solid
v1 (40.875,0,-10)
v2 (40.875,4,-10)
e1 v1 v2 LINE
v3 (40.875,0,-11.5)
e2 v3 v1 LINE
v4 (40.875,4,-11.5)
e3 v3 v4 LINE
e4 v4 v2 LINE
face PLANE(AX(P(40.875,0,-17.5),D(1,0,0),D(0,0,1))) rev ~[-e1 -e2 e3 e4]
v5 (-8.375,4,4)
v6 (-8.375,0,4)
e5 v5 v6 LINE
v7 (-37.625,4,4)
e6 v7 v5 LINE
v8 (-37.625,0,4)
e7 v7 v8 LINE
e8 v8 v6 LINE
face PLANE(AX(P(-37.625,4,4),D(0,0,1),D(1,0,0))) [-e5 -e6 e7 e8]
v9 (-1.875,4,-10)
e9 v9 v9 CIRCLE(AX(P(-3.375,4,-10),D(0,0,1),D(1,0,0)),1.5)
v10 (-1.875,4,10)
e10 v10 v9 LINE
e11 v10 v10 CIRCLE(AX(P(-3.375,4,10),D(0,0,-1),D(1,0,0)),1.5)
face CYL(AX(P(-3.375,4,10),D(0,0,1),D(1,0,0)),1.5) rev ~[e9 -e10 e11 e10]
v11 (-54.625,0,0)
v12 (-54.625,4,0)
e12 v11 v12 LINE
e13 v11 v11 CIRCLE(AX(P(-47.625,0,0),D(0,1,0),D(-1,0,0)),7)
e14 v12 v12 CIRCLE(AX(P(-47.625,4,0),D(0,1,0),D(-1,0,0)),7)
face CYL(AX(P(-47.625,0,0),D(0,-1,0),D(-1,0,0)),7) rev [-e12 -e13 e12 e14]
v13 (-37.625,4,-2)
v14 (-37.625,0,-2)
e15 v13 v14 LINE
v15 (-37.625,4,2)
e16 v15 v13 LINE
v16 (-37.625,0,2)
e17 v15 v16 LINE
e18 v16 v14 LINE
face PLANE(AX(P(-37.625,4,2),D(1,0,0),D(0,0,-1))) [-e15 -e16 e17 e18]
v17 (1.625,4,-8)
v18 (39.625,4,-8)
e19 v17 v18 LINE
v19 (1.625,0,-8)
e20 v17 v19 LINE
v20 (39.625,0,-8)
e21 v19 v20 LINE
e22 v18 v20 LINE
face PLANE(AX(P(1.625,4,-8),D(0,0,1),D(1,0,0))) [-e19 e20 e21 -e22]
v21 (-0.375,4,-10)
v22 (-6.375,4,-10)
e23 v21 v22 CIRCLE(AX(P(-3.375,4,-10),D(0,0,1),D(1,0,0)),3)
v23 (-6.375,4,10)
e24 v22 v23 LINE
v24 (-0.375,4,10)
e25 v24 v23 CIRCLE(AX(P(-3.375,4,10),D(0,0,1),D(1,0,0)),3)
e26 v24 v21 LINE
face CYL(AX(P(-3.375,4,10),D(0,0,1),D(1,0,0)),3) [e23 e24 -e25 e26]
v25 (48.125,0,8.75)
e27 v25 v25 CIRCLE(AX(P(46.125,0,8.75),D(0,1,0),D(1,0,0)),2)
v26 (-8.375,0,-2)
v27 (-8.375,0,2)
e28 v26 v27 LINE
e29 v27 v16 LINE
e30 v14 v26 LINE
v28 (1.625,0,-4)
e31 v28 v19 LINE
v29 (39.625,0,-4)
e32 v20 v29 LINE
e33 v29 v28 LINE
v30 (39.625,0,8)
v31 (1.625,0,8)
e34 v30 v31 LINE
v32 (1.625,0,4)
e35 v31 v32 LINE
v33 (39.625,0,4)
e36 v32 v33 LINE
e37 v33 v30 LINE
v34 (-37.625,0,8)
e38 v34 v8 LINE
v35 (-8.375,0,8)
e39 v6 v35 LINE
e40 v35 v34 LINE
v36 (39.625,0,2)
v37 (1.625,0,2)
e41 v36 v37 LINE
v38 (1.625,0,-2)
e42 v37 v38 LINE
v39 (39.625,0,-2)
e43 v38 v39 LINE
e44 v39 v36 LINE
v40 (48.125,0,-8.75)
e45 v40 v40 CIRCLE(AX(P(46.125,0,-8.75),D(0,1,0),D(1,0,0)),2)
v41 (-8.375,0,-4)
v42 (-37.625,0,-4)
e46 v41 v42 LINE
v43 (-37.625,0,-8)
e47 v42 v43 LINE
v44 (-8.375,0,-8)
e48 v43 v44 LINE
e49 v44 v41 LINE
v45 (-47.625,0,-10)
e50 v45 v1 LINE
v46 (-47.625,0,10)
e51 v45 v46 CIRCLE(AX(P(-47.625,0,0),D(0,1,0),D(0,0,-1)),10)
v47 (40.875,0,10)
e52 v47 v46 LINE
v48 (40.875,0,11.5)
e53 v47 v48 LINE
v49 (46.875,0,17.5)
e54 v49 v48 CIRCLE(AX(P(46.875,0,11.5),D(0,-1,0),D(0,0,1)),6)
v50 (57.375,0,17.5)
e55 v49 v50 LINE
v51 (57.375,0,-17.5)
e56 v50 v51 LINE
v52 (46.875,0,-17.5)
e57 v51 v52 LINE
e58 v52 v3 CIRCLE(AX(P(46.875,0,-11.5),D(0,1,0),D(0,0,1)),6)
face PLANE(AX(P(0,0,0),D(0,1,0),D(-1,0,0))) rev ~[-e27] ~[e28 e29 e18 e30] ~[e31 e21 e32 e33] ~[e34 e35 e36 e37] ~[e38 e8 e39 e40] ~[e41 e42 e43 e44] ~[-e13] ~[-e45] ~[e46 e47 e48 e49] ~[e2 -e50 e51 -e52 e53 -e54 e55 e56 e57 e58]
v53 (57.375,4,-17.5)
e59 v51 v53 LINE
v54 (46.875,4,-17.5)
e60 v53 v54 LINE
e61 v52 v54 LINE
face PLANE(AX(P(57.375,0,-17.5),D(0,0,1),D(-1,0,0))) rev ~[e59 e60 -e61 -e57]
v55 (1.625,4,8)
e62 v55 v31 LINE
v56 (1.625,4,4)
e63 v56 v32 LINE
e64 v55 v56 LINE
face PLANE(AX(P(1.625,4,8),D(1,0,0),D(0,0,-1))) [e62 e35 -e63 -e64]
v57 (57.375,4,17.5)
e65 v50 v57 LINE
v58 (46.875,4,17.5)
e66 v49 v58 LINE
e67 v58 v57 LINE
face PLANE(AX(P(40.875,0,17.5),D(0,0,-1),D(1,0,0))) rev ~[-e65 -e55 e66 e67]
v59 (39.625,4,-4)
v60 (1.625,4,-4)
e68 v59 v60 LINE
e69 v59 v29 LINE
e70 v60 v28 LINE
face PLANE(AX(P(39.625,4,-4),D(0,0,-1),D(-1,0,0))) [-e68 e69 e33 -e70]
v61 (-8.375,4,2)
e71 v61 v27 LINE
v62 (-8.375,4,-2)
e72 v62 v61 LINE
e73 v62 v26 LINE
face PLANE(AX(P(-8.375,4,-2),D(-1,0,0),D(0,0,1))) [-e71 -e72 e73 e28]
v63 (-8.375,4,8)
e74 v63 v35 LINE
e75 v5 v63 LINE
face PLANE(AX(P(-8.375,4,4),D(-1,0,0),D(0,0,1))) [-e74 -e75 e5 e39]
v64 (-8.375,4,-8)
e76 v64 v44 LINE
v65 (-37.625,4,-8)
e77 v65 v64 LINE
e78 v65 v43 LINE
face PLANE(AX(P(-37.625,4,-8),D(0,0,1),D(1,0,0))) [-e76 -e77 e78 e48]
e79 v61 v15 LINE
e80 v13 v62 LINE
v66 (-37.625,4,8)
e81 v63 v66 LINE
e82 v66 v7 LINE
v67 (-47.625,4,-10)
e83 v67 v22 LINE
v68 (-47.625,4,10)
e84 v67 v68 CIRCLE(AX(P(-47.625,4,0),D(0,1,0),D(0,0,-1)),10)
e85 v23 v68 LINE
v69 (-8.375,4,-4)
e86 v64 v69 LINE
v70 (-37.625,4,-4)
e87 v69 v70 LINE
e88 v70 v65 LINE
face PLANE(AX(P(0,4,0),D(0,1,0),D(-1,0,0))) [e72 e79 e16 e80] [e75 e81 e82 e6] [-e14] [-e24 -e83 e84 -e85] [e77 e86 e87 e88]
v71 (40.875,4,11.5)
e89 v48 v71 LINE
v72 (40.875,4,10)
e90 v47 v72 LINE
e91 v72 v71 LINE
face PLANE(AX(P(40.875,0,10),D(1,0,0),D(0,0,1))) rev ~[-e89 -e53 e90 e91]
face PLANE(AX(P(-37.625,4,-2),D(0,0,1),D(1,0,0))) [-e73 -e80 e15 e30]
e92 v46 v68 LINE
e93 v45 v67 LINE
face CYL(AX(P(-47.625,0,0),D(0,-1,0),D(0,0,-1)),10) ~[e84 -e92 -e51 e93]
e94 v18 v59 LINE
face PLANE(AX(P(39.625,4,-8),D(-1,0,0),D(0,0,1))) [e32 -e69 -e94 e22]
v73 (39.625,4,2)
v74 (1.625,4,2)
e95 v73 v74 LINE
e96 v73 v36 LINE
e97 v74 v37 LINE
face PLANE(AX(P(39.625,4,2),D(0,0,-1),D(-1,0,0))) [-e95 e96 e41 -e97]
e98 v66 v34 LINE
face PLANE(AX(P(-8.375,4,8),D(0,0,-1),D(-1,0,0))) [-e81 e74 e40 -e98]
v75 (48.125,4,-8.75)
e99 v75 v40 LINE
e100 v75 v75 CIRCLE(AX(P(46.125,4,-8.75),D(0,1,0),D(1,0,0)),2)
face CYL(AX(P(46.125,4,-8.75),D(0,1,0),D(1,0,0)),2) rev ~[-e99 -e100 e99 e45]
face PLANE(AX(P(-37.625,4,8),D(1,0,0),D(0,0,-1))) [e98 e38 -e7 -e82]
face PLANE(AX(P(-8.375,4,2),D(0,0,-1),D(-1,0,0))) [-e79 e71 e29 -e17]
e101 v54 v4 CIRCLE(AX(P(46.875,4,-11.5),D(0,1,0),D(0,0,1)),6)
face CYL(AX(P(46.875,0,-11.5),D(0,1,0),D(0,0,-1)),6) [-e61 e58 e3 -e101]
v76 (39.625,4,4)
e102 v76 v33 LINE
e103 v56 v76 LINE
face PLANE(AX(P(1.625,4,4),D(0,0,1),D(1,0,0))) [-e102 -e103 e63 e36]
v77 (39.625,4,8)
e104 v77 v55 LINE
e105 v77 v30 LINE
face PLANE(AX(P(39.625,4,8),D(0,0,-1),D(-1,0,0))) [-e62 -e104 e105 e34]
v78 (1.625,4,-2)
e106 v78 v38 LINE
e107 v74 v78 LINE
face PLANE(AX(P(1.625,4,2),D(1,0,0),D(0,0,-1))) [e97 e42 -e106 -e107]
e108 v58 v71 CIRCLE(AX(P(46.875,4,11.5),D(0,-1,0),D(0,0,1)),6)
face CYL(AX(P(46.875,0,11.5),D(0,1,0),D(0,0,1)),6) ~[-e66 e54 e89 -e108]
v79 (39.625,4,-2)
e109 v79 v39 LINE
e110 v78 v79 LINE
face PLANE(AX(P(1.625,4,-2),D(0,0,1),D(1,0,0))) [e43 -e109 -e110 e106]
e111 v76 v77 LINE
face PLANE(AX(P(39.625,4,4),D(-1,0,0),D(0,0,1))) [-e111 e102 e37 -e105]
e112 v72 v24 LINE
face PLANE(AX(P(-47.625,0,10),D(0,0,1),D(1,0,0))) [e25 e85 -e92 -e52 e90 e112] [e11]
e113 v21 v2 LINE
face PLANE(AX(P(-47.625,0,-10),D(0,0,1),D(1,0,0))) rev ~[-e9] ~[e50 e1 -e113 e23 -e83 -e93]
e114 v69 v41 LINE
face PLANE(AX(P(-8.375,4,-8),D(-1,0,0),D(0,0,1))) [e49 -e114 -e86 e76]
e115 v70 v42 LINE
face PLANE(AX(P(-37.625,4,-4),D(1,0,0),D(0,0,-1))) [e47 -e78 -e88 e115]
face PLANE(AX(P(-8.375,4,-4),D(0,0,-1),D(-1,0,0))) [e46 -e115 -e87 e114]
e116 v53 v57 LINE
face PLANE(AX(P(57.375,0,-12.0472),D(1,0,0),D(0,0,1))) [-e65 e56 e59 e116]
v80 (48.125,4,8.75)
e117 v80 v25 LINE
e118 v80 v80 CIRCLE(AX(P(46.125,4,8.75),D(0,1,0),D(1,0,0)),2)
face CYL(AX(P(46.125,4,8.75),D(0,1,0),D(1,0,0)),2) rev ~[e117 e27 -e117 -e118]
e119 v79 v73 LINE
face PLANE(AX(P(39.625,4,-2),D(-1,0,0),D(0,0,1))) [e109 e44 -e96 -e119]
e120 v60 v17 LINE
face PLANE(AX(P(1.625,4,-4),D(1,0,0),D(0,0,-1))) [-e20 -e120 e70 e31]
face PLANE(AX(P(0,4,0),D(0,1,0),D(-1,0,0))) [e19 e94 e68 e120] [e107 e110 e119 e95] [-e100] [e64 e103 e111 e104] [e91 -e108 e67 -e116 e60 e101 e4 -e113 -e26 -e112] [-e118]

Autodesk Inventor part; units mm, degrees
ref_plane "YZ Plane" through (0, 0, 0) normal (1, 0, 0) x (0, 1, 0)
ref_plane "XZ Plane" through (0, 0, 0) normal (0, 1, 0) x (-1, 0, 0)
ref_plane "XY Plane" through (0, 0, 0) normal (0, 0, 1) x (1, 0, 0)
sketch "Main Sketch" plane through (0, 0, 0) normal (0, 1, 0) x (-1, 0, 0)
  line L0 (-57.375, -12.0472) -> (-57.375, 12.0472)
  line L1 (-57.375, 12.0472) -> (47.625, -10) construction
  line L2 (47.625, 10) -> (-57.375, -12.0472) construction
  circle A0 centre (47.625, 0) radius 7
  arc A1 (47.625, -10) -> (47.625, 10) centre (47.625, 0) ccw
  line L3 (-40.875, 17.5) -> (-57.375, 17.5)
  line L4 (-57.375, 17.5) -> (-57.375, -17.5)
  line L5 (-57.375, -17.5) -> (-40.875, -17.5)
  line L6 (-40.875, 17.5) -> (-57.375, -17.5) construction
  line L7 (-57.375, 17.5) -> (-40.875, -17.5) construction
  line L8 (47.625, -10) -> (-40.875, -10)
  line L9 (-40.875, -17.5) -> (-40.875, -10)
  line L10 (-40.875, 10) -> (-40.875, 17.5)
  line L11 (-40.875, 10) -> (47.625, 10)
  point P0 (0, 0)
  point P1 (-49.125, 0)
  dimension "d3" = 14
  dimension "d4" = 105
  dimension "d13" = 16.5
  dimension "d14" = 35
  dimension "d15" = 0
  dimension "d18" = 20
extrude "Main Extrusion" add sketch "Main Sketch" along normal blind 4
sketch "Screw Holes Sketch" plane through (0, 4, 0) normal (0, 1, 0) x (1, 0, 0)
  circle A0 centre (46.125, -8.75) radius 2
  line L0 (57.375, 17.5) -> (40.875, 17.5) projected
  line L1 (40.875, -17.5) -> (57.375, -17.5) projected
  line L2 (35.2664, 0) -> (65.7891, 0)
  line L3 (51.375, -27.0398) -> (51.375, 30.2346) construction
  line L4 (57.375, -17.5) -> (57.375, 17.5) projected
  line L5 (40.875, -10) -> (40.875, -17.5) projected
  circle A1 centre (46.125, 8.75) radius 2
  line L6 (51.375, 27.0398) -> (51.375, -30.2346) construction
  point P0 (0, 0)
  dimension "d21" = 4
  dimension "d22" = 35
  dimension "d23" = 6
  dimension "d24" = 5.25
  dimension "d25" = 5.25
  dimension "d26" = 10.5
  dimension "d27" = 8.75
  dimension "d28" = 17.5
extrude "Screw Holes Cut" cut sketch "Screw Holes Sketch" against normal through all
fillet "Smoooooooooooooooooth" radius 6 2 edges at (40.875, 2, -17.5) (40.875, 2, 17.5)
sketch "Side Axel Hole Sketch" plane through (-47.625, 0, 10) normal (0, 0, 1) x (1, 0, 0)
  line L0 (88.5, 4) -> (88.5, 0) projected
  line L1 (0, 0) -> (0, 4) projected
  line L2 (44.25, -12.0383) -> (44.25, 22.7681) construction
  line L3 (88.5, 0) -> (0, 0) projected
  line L4 (0, 4) -> (88.5, 4) projected
  circle A0 centre (44.25, 4) radius 1.5
  point P0 (47.625, 0)
  dimension "d32" = 88.5
  dimension "d33" = 44.25
  dimension "d34" = 44.25
  dimension "d35" = 4
  dimension "d41" = 3
extrude "Side Axel Hole Cut" cut sketch "Side Axel Hole Sketch" against normal blind 20 contours A0 L4 | L4 A0
sketch "Side Hole Extension Sketch" plane through (-47.625, 0, 10) normal (0, 0, 1) x (1, 0, 0)
  arc A0 (42.75, 4) -> (45.75, 4) centre (44.25, 4) ccw projected
  circle A1 centre (44.25, 4) radius 3
  circle A2 centre (44.25, 4) radius 1.5
  point P0 (47.625, 0)
  dimension "d44" = 6
extrude "Side Hole Extrusion" add sketch "Side Hole Extension Sketch" against normal blind 20
sketch "Body Holes Sketch" plane through (0, 4, 0) normal (0, 1, 0) x (1, 0, 0)
  line L0 (-37.625, 8) -> (-8.375, 8)
  line L1 (-8.375, 8) -> (-8.375, 4)
  line L2 (-8.375, 4) -> (-37.625, 4)
  line L3 (-37.625, 4) -> (-37.625, 8)
  line L4 (-6.375, -10) -> (-6.375, 10) projected
  circle A0 centre (-47.625, 0) radius 7 projected
  line L5 (-47.625, 7) -> (-47.625, -13.5384) construction
  line L6 (-6.375, 10) -> (-47.625, 10) projected
  line L7 (-47.625, 1) -> (-47.625, -19.5384) construction
  line L8 (-37.625, 2) -> (-8.375, 2)
  line L9 (-8.375, 2) -> (-8.375, -2)
  line L10 (-8.375, -2) -> (-37.625, -2)
  line L11 (-37.625, -2) -> (-37.625, 2)
  line L12 (-47.625, -5) -> (-47.625, -25.5384) construction
  line L13 (-37.625, -4) -> (-8.375, -4)
  line L14 (-8.375, -4) -> (-8.375, -8)
  line L15 (-8.375, -8) -> (-37.625, -8)
  line L16 (-37.625, -8) -> (-37.625, -4)
  line L17 (1.625, 8) -> (39.625, 8)
  line L18 (39.625, 8) -> (39.625, 4)
  line L19 (39.625, 4) -> (1.625, 4)
  line L20 (1.625, 4) -> (1.625, 8)
  line L21 (-0.375, 10) -> (-0.375, -10) projected
  line L22 (40.875, 10) -> (-0.375, 10) projected
  line L23 (1.625, -2) -> (1.625, 2)
  line L24 (39.625, -2) -> (1.625, -2)
  line L25 (39.625, 2) -> (39.625, -2)
  line L26 (1.625, 2) -> (39.625, 2)
  line L27 (1.625, -8) -> (1.625, -4)
  line L28 (39.625, -8) -> (1.625, -8)
  line L29 (39.625, -4) -> (39.625, -8)
  line L30 (1.625, -4) -> (39.625, -4)
  point P0 (0, 0)
  dimension "d77" = 4
  dimension "d78" = 2
  dimension "d79" = 10
  dimension "d80" = 2
  dimension "d83" = 6
  dimension "d88" = 2
  dimension "d89" = 2
  dimension "d90" = 4
  dimension "d91" = 38
  dimension "d94" = 6
extrude "Swiss-ified" cut sketch "Body Holes Sketch" against normal through all contours L0 L1 L2 L3 | L8 L9 L10 L11 | L13 L14 L15 L16 | L17 L18 L19 L20 | L23 L26 L25 L24 | L27 L30 L29 L28
properties part number "Side V2.1"
